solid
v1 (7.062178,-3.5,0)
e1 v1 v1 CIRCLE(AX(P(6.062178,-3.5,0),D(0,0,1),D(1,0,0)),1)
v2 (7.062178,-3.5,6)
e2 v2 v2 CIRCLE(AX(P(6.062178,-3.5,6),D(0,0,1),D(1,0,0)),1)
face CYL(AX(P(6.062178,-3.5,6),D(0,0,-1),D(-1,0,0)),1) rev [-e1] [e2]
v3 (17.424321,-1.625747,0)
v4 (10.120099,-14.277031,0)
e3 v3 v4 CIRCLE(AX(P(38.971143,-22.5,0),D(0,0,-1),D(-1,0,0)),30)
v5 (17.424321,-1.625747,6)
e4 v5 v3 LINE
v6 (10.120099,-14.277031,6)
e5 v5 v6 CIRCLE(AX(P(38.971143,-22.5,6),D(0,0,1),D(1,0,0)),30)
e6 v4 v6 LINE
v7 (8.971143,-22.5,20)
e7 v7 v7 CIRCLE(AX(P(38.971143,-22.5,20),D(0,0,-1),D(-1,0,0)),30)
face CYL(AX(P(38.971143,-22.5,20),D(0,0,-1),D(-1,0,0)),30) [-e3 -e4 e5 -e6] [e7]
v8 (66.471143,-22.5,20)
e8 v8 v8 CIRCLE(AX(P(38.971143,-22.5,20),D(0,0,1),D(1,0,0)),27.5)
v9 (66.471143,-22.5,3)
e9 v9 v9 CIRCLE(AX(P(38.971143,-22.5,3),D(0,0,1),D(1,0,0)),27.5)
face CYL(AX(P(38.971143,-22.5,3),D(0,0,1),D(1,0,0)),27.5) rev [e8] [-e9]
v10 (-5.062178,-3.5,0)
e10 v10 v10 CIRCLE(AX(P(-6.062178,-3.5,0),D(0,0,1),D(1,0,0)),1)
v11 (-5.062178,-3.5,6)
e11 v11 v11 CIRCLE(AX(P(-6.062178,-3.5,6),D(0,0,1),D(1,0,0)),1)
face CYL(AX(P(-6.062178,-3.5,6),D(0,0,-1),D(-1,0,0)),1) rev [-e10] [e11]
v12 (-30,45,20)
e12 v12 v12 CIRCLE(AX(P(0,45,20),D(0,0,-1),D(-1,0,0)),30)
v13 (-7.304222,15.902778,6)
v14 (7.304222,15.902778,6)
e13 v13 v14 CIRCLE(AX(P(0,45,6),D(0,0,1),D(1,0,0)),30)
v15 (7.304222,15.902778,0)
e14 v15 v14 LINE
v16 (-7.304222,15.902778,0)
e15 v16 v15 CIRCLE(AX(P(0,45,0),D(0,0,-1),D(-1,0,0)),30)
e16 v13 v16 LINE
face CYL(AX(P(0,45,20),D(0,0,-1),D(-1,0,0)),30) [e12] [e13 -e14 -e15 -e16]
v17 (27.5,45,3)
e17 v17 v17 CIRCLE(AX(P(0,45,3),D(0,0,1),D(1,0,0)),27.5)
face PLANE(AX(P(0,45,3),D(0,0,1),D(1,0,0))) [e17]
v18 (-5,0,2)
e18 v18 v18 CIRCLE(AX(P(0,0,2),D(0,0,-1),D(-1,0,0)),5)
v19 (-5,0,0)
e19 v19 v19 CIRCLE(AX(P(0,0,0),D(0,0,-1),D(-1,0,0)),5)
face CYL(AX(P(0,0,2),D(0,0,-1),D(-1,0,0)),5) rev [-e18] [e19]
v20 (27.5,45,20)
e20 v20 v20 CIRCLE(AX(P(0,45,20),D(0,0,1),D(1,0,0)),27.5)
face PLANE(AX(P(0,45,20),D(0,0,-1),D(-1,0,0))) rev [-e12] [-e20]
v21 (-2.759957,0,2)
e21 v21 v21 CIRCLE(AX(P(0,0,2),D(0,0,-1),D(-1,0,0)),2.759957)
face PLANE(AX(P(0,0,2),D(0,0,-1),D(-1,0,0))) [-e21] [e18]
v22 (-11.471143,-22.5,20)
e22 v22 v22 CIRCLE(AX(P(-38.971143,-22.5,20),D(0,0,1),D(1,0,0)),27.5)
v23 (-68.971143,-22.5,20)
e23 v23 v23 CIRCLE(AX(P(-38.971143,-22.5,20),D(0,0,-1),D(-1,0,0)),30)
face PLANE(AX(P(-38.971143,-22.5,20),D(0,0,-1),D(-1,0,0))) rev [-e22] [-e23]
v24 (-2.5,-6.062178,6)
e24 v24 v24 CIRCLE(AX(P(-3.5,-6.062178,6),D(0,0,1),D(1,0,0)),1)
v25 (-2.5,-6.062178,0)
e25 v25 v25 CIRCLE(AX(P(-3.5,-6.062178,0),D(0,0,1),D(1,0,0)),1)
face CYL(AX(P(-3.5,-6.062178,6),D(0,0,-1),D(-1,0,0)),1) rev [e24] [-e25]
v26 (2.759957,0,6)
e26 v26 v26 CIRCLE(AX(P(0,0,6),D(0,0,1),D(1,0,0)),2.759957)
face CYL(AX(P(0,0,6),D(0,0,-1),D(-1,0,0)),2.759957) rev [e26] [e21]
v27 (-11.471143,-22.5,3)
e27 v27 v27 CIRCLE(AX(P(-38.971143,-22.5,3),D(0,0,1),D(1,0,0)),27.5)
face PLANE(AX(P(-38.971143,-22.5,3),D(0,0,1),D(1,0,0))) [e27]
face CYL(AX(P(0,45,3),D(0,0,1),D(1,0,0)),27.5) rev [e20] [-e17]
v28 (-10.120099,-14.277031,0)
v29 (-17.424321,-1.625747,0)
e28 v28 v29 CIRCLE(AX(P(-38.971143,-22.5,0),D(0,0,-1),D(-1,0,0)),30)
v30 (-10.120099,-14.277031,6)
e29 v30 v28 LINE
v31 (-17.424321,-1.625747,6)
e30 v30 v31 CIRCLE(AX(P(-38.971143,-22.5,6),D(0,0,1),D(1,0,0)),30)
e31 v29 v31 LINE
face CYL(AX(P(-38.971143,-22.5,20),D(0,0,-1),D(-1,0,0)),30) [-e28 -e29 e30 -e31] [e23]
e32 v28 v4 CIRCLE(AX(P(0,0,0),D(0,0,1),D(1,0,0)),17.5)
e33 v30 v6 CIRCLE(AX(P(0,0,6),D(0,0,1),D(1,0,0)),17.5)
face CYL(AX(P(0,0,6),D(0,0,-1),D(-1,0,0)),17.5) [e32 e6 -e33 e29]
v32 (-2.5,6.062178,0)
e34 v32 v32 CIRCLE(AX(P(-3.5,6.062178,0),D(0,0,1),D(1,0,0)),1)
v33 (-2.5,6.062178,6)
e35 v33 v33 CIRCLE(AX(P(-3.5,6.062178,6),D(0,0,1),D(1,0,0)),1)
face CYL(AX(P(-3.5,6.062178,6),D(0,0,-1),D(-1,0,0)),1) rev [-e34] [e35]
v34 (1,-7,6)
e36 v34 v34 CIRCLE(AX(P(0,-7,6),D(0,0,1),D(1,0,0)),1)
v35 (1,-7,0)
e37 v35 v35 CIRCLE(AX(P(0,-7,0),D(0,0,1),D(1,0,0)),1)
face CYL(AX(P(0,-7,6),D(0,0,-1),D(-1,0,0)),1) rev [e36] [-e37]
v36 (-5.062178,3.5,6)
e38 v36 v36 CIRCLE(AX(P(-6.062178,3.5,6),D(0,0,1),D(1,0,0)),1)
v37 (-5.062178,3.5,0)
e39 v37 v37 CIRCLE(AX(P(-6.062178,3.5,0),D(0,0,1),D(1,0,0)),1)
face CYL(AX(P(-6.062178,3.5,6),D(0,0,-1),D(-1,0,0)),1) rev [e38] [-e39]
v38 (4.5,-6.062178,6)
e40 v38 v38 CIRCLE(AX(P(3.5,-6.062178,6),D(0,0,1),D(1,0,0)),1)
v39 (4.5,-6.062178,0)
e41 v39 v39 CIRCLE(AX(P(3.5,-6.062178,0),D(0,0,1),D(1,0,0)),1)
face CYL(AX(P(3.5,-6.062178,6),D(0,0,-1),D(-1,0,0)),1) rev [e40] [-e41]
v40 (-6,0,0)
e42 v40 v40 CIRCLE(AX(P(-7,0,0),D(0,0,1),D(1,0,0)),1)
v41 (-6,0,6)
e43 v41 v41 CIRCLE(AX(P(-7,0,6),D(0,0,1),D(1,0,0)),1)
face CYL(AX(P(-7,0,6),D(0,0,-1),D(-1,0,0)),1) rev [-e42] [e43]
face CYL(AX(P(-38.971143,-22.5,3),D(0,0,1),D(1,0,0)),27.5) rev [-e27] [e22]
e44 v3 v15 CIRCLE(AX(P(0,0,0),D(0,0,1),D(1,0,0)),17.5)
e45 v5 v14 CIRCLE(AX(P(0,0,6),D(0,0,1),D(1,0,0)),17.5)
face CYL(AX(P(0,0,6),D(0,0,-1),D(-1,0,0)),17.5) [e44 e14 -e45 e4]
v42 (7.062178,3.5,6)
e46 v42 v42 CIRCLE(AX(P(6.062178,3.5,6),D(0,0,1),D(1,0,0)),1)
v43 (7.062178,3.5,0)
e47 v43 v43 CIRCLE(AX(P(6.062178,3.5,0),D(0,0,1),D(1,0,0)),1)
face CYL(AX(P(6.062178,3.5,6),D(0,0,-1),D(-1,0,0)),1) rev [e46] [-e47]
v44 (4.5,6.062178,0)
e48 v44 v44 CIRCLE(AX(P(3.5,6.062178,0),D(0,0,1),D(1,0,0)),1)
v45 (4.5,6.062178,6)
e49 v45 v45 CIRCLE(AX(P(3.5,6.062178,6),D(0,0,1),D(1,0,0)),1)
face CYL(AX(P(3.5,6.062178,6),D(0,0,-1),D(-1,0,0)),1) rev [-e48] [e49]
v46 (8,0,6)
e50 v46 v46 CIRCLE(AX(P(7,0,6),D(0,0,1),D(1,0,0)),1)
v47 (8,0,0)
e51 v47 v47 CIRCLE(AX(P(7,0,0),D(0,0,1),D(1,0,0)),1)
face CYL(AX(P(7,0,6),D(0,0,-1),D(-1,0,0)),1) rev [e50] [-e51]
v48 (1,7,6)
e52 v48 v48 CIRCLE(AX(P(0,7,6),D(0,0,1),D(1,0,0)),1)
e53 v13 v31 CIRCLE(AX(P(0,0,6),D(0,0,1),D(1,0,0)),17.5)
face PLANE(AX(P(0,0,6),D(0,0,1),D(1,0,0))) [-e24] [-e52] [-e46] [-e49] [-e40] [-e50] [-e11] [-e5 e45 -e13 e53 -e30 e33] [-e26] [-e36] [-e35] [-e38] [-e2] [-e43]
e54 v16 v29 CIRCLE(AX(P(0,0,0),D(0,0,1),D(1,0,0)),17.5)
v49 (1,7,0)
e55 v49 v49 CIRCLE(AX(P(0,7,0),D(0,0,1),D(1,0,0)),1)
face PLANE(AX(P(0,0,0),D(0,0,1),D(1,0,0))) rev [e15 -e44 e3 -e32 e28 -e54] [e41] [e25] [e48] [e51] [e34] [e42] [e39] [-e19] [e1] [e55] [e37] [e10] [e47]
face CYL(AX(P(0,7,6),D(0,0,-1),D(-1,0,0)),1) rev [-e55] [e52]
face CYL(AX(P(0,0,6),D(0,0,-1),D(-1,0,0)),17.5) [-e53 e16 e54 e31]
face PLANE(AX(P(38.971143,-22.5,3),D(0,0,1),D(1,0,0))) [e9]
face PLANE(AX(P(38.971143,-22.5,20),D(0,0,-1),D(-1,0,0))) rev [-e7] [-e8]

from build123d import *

# Parameters (mm, degrees)
SKETCH_1_R          = 17.5
SKETCH_1_R_2        = 1
SKETCH_1_R_3        = 2.759956758
EXTRUDE_1_DEPTH     = 6
SKETCH_2_R          = 5
CUT_EXTRUDE_1_DEPTH = 2
SKETCH_4_R          = 30
EXTRUDE_2_DEPTH     = 20
SKETCH_5_R          = 27.5
CUT_EXTRUDE_2_DEPTH = 17


with BuildPart() as part:
    # 草图1 → 凸台-拉伸1 (new body)
    with BuildSketch(Plane.XY):
        Circle(SKETCH_1_R)
        with Locations((7, 0)):
            Circle(SKETCH_1_R_2, mode=Mode.SUBTRACT)
        with Locations((6.062177826, -3.5)):
            Circle(SKETCH_1_R_2, mode=Mode.SUBTRACT)
        with Locations((3.5, -6.062177826)):
            Circle(SKETCH_1_R_2, mode=Mode.SUBTRACT)
        with Locations((0, -7)):
            Circle(SKETCH_1_R_2, mode=Mode.SUBTRACT)
        with Locations((-3.5, -6.062177826)):
            Circle(SKETCH_1_R_2, mode=Mode.SUBTRACT)
        with Locations((-6.062177826, -3.5)):
            Circle(SKETCH_1_R_2, mode=Mode.SUBTRACT)
        with Locations((-7, 0)):
            Circle(SKETCH_1_R_2, mode=Mode.SUBTRACT)
        with Locations((-6.062177826, 3.5)):
            Circle(SKETCH_1_R_2, mode=Mode.SUBTRACT)
        with Locations((-3.5, 6.062177826)):
            Circle(SKETCH_1_R_2, mode=Mode.SUBTRACT)
        with Locations((0, 7)):
            Circle(SKETCH_1_R_2, mode=Mode.SUBTRACT)
        with Locations((3.5, 6.062177826)):
            Circle(SKETCH_1_R_2, mode=Mode.SUBTRACT)
        with Locations((6.062177826, 3.5)):
            Circle(SKETCH_1_R_2, mode=Mode.SUBTRACT)
        Circle(SKETCH_1_R_3, mode=Mode.SUBTRACT)
    extrude(amount=EXTRUDE_1_DEPTH)

    # 草图2 → 切除-拉伸1 (cut)
    with BuildSketch(Plane(origin=(0, 0, 0), x_dir=(-1, 0, 0), z_dir=(0, 0, -1))):
        Circle(SKETCH_2_R)
    extrude(amount=-CUT_EXTRUDE_1_DEPTH, mode=Mode.SUBTRACT)

    # 草图4 → 凸台-拉伸2 (add)
    with BuildSketch(Plane(origin=(0, 0, 0), x_dir=(-1, 0, 0), z_dir=(0, 0, -1))):
        with Locations((0, 45)):
            Circle(SKETCH_4_R)
        with Locations((38.97114317, -22.5)):
            Circle(SKETCH_4_R)
        with Locations((-38.97114317, -22.5)):
            Circle(SKETCH_4_R)
    extrude(amount=-EXTRUDE_2_DEPTH)

    # 草图5 → 切除-拉伸2 (cut)
    with BuildSketch(Plane.XY.offset(20)):
        with Locations((0, 45)):
            Circle(SKETCH_5_R)
        with Locations((38.97114317, -22.5)):
            Circle(SKETCH_5_R)
        with Locations((-38.97114317, -22.5)):
            Circle(SKETCH_5_R)
    extrude(amount=-CUT_EXTRUDE_2_DEPTH, mode=Mode.SUBTRACT)


solid = part.part
